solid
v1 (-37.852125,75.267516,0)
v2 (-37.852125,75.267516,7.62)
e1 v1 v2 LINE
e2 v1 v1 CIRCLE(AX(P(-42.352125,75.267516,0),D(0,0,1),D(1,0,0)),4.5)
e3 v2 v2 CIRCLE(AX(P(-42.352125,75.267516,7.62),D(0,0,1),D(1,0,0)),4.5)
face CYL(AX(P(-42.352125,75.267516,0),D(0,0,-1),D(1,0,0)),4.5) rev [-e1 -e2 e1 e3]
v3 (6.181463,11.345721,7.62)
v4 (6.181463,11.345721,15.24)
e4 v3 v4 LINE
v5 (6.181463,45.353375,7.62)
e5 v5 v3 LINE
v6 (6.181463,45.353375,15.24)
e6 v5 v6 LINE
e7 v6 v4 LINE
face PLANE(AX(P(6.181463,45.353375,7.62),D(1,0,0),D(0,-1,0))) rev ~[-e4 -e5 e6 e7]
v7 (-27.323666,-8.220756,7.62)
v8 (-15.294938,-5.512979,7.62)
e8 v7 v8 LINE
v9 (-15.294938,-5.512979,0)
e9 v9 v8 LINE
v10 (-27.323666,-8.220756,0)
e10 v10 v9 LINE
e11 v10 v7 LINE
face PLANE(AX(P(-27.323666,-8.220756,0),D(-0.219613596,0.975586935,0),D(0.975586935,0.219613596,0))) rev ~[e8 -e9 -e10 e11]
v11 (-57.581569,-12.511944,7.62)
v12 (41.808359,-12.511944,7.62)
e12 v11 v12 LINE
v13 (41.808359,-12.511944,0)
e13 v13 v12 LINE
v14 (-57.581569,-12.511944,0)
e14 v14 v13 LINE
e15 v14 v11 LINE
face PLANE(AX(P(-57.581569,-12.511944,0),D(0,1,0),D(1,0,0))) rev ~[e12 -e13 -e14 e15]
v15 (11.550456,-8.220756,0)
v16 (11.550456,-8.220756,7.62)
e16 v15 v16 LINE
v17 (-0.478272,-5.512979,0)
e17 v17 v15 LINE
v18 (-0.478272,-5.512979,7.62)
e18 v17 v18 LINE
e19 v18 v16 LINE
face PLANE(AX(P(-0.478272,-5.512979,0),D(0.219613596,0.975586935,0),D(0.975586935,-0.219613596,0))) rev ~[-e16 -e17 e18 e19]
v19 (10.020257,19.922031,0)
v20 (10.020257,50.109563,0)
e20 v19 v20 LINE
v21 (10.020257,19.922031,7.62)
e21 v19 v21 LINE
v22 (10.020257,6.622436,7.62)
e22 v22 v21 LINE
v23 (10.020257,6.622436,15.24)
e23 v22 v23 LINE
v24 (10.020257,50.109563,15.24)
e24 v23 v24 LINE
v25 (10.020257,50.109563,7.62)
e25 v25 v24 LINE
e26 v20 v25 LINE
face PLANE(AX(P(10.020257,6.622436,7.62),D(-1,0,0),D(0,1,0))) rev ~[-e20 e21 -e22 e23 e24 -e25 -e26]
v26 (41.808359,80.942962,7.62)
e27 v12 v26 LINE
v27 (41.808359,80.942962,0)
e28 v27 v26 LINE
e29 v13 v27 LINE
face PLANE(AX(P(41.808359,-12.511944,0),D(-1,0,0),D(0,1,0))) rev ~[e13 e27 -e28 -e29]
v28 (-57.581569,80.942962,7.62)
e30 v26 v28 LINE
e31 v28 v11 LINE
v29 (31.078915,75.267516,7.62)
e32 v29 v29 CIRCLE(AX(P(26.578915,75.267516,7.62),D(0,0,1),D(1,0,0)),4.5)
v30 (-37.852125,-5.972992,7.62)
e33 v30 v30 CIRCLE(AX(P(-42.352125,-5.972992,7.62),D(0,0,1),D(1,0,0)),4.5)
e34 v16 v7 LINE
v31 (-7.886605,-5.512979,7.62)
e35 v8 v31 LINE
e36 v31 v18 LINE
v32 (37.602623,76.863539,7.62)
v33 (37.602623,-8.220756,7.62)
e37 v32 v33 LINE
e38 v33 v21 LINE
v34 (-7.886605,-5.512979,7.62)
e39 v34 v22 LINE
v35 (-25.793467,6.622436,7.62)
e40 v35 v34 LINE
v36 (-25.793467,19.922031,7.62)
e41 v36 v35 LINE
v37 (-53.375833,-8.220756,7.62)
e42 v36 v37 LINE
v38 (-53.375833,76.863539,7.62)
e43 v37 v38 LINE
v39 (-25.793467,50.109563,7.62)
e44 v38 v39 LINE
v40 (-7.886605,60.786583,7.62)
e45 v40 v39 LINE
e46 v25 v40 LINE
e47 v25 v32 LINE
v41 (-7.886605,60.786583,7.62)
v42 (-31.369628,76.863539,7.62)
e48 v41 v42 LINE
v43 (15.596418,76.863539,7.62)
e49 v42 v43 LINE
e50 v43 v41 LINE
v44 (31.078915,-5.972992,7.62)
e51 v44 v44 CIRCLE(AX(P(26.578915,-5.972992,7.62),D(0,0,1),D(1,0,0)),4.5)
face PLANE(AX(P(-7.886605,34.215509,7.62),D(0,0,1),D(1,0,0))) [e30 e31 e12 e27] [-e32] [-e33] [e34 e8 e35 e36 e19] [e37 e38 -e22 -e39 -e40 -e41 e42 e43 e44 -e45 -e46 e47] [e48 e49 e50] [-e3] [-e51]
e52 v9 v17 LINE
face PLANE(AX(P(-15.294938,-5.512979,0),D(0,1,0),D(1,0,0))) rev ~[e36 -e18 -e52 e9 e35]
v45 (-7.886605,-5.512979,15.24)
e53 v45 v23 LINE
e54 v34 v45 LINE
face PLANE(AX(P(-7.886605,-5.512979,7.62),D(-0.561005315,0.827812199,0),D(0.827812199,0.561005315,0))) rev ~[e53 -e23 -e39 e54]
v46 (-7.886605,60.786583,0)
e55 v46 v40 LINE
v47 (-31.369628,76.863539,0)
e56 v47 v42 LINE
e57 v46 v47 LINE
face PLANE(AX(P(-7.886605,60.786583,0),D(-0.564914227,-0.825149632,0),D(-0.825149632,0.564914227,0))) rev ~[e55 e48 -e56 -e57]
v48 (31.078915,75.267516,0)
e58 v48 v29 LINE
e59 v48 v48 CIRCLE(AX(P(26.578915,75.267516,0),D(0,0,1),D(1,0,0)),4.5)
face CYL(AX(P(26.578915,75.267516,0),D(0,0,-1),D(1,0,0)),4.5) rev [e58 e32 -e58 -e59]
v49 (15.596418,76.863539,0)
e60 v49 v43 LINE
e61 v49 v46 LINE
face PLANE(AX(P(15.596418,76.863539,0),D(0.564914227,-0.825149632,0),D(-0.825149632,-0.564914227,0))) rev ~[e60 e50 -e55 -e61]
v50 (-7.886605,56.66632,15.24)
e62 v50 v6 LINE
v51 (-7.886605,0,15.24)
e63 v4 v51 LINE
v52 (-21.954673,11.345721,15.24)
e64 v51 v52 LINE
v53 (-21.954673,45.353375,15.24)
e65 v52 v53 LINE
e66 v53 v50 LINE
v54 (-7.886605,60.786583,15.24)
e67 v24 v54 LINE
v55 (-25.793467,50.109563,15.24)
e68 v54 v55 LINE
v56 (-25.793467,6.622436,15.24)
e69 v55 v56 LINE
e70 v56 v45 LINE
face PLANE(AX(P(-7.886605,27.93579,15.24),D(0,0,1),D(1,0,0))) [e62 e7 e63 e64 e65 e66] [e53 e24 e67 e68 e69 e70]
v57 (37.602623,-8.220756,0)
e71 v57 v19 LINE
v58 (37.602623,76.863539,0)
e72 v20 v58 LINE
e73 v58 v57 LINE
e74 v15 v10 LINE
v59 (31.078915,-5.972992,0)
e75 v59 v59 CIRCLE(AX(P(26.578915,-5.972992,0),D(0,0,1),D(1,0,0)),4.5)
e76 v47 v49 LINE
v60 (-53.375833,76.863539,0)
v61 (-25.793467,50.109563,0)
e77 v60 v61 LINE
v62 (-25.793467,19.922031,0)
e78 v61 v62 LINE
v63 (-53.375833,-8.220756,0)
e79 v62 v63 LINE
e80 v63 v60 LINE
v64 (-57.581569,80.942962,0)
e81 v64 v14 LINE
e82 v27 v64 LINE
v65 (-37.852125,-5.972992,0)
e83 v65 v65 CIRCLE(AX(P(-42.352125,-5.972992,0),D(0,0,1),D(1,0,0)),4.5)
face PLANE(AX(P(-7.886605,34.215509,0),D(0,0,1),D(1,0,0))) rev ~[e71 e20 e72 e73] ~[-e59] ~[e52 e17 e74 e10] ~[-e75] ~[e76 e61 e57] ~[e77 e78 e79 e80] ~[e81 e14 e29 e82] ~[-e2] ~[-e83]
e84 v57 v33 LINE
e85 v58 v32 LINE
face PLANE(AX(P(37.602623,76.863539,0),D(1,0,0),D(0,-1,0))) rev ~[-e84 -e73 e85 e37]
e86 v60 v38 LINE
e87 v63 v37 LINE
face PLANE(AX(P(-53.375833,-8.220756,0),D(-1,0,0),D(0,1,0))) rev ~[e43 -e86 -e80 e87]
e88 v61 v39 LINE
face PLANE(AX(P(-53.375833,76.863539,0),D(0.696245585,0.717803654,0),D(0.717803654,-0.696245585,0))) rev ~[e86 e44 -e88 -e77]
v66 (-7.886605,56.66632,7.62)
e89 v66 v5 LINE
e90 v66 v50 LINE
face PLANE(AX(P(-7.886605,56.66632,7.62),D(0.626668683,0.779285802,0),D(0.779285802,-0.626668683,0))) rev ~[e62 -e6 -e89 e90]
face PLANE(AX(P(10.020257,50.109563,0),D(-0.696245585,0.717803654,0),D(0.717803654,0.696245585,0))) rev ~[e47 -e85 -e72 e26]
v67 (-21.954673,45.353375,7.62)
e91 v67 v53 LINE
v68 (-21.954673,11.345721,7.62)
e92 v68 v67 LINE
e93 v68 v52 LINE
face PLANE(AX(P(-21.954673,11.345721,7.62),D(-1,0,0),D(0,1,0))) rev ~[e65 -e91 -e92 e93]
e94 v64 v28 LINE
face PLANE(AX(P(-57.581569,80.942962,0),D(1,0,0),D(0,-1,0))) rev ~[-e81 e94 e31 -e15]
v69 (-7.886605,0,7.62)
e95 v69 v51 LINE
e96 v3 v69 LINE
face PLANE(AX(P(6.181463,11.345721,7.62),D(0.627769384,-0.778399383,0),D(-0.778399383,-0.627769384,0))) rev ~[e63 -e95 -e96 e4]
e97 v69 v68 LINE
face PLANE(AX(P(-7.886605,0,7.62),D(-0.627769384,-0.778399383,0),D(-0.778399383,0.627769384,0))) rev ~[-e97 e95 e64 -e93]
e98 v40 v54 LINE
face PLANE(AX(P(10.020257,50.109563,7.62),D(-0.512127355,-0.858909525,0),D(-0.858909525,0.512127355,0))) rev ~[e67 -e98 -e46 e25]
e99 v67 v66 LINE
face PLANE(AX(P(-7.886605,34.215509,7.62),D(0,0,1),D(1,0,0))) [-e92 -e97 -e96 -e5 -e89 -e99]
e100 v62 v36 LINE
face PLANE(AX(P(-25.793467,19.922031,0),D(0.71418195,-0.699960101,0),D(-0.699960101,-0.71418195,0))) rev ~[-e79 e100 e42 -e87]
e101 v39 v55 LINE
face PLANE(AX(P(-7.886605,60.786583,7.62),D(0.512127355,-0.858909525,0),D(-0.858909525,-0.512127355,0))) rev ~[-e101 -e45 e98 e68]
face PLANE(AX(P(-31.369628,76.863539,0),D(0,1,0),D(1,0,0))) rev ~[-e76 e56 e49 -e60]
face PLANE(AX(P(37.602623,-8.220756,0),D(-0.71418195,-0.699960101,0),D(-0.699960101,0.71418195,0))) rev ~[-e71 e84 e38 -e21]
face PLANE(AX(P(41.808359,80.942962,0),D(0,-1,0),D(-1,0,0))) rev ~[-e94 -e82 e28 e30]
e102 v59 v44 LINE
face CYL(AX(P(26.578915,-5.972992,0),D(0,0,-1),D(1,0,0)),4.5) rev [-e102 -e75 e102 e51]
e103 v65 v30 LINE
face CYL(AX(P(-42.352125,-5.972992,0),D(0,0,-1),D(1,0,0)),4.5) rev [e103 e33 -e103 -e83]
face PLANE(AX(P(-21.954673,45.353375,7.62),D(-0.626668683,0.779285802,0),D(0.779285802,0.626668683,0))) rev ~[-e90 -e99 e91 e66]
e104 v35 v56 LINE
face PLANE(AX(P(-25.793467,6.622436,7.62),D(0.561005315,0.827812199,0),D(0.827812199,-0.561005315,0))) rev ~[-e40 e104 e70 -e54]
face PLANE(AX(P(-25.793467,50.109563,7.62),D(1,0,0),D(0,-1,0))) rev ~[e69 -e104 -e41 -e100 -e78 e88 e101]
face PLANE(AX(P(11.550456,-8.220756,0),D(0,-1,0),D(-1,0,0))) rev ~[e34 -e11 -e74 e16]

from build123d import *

# Parameters (mm, degrees)
F0_R     = 4.5
F1_DEPTH = 7.62
F3_DEPTH = 7.62


with BuildPart() as f1:
    # F0 (on Top) → F1 (new body)
    with BuildSketch(Plane.XY):
        Polygon((-46.3863605133, -12.5119441933), (30.6131504527, -12.5119441933), (41.8083587594, -12.5119441933), (41.8083587594, 80.9429615394), (21.555083004, 80.9429615394), (-37.3282930646, 80.9429615394), (-57.58156882, 80.9429615394), (-57.58156882, -12.5119441933), align=None)
        with Locations((-42.3521250486, -5.9729921632)):
            Circle(F0_R, mode=Mode.SUBTRACT)
        Polygon((-27.3236659841, -8.2207562408), (-15.2949382399, -5.5129789378), (-0.4782718207, -5.5129789378), (11.5504559235, -8.2207562408), align=None, mode=Mode.SUBTRACT)
        with Locations((26.578914988, -5.9729921632)):
            Circle(F0_R, mode=Mode.SUBTRACT)
        Polygon((-25.793466622, 41.4102652967), (-25.793466622, 19.9220313867), (-53.3758333607, -8.2207562408), (-53.3758333607, 76.8635385285), (-25.793466622, 50.1095634738), align=None, mode=Mode.SUBTRACT)
        with Locations((-42.3521250486, 75.2675160766)):
            Circle(F0_R, mode=Mode.SUBTRACT)
        Polygon((-31.369628484, 76.8635385285), (15.5964184234, 76.8635385285), (-7.8866050303, 60.7865828711), align=None, mode=Mode.SUBTRACT)
        Polygon((37.6026233001, -8.2207562408), (10.0202565614, 19.9220313867), (10.0202565614, 41.4102652967), (10.0202565614, 50.1095634738), (37.6026233001, 76.8635385285), align=None, mode=Mode.SUBTRACT)
        with Locations((26.578914988, 75.2675160766)):
            Circle(F0_R, mode=Mode.SUBTRACT)
    extrude(amount=F1_DEPTH)

    # F2 (on face) → F3 (join)
    with BuildSketch(Plane.XY.offset(7.62)):
        Polygon((-7.8866050303, 60.7865828711), (-25.793466622, 50.1095634738), (-25.793466622, 19.9220313867), (-25.793466622, 6.6224359907), (-7.8866050303, -5.5129789378), (10.0202565614, 6.6224359907), (10.0202565614, 19.9220313867), (10.0202565614, 50.1095634738), align=None)
        Polygon((-21.9546725898, 45.3533753753), (-7.8866050303, 56.6663203104), (6.1814625292, 45.3533753753), (6.1814625292, 11.3457208499), (-7.8866050303, 0), (-21.9546725898, 11.3457208499), align=None, mode=Mode.SUBTRACT)
    extrude(amount=F3_DEPTH)


solid = f1.part
